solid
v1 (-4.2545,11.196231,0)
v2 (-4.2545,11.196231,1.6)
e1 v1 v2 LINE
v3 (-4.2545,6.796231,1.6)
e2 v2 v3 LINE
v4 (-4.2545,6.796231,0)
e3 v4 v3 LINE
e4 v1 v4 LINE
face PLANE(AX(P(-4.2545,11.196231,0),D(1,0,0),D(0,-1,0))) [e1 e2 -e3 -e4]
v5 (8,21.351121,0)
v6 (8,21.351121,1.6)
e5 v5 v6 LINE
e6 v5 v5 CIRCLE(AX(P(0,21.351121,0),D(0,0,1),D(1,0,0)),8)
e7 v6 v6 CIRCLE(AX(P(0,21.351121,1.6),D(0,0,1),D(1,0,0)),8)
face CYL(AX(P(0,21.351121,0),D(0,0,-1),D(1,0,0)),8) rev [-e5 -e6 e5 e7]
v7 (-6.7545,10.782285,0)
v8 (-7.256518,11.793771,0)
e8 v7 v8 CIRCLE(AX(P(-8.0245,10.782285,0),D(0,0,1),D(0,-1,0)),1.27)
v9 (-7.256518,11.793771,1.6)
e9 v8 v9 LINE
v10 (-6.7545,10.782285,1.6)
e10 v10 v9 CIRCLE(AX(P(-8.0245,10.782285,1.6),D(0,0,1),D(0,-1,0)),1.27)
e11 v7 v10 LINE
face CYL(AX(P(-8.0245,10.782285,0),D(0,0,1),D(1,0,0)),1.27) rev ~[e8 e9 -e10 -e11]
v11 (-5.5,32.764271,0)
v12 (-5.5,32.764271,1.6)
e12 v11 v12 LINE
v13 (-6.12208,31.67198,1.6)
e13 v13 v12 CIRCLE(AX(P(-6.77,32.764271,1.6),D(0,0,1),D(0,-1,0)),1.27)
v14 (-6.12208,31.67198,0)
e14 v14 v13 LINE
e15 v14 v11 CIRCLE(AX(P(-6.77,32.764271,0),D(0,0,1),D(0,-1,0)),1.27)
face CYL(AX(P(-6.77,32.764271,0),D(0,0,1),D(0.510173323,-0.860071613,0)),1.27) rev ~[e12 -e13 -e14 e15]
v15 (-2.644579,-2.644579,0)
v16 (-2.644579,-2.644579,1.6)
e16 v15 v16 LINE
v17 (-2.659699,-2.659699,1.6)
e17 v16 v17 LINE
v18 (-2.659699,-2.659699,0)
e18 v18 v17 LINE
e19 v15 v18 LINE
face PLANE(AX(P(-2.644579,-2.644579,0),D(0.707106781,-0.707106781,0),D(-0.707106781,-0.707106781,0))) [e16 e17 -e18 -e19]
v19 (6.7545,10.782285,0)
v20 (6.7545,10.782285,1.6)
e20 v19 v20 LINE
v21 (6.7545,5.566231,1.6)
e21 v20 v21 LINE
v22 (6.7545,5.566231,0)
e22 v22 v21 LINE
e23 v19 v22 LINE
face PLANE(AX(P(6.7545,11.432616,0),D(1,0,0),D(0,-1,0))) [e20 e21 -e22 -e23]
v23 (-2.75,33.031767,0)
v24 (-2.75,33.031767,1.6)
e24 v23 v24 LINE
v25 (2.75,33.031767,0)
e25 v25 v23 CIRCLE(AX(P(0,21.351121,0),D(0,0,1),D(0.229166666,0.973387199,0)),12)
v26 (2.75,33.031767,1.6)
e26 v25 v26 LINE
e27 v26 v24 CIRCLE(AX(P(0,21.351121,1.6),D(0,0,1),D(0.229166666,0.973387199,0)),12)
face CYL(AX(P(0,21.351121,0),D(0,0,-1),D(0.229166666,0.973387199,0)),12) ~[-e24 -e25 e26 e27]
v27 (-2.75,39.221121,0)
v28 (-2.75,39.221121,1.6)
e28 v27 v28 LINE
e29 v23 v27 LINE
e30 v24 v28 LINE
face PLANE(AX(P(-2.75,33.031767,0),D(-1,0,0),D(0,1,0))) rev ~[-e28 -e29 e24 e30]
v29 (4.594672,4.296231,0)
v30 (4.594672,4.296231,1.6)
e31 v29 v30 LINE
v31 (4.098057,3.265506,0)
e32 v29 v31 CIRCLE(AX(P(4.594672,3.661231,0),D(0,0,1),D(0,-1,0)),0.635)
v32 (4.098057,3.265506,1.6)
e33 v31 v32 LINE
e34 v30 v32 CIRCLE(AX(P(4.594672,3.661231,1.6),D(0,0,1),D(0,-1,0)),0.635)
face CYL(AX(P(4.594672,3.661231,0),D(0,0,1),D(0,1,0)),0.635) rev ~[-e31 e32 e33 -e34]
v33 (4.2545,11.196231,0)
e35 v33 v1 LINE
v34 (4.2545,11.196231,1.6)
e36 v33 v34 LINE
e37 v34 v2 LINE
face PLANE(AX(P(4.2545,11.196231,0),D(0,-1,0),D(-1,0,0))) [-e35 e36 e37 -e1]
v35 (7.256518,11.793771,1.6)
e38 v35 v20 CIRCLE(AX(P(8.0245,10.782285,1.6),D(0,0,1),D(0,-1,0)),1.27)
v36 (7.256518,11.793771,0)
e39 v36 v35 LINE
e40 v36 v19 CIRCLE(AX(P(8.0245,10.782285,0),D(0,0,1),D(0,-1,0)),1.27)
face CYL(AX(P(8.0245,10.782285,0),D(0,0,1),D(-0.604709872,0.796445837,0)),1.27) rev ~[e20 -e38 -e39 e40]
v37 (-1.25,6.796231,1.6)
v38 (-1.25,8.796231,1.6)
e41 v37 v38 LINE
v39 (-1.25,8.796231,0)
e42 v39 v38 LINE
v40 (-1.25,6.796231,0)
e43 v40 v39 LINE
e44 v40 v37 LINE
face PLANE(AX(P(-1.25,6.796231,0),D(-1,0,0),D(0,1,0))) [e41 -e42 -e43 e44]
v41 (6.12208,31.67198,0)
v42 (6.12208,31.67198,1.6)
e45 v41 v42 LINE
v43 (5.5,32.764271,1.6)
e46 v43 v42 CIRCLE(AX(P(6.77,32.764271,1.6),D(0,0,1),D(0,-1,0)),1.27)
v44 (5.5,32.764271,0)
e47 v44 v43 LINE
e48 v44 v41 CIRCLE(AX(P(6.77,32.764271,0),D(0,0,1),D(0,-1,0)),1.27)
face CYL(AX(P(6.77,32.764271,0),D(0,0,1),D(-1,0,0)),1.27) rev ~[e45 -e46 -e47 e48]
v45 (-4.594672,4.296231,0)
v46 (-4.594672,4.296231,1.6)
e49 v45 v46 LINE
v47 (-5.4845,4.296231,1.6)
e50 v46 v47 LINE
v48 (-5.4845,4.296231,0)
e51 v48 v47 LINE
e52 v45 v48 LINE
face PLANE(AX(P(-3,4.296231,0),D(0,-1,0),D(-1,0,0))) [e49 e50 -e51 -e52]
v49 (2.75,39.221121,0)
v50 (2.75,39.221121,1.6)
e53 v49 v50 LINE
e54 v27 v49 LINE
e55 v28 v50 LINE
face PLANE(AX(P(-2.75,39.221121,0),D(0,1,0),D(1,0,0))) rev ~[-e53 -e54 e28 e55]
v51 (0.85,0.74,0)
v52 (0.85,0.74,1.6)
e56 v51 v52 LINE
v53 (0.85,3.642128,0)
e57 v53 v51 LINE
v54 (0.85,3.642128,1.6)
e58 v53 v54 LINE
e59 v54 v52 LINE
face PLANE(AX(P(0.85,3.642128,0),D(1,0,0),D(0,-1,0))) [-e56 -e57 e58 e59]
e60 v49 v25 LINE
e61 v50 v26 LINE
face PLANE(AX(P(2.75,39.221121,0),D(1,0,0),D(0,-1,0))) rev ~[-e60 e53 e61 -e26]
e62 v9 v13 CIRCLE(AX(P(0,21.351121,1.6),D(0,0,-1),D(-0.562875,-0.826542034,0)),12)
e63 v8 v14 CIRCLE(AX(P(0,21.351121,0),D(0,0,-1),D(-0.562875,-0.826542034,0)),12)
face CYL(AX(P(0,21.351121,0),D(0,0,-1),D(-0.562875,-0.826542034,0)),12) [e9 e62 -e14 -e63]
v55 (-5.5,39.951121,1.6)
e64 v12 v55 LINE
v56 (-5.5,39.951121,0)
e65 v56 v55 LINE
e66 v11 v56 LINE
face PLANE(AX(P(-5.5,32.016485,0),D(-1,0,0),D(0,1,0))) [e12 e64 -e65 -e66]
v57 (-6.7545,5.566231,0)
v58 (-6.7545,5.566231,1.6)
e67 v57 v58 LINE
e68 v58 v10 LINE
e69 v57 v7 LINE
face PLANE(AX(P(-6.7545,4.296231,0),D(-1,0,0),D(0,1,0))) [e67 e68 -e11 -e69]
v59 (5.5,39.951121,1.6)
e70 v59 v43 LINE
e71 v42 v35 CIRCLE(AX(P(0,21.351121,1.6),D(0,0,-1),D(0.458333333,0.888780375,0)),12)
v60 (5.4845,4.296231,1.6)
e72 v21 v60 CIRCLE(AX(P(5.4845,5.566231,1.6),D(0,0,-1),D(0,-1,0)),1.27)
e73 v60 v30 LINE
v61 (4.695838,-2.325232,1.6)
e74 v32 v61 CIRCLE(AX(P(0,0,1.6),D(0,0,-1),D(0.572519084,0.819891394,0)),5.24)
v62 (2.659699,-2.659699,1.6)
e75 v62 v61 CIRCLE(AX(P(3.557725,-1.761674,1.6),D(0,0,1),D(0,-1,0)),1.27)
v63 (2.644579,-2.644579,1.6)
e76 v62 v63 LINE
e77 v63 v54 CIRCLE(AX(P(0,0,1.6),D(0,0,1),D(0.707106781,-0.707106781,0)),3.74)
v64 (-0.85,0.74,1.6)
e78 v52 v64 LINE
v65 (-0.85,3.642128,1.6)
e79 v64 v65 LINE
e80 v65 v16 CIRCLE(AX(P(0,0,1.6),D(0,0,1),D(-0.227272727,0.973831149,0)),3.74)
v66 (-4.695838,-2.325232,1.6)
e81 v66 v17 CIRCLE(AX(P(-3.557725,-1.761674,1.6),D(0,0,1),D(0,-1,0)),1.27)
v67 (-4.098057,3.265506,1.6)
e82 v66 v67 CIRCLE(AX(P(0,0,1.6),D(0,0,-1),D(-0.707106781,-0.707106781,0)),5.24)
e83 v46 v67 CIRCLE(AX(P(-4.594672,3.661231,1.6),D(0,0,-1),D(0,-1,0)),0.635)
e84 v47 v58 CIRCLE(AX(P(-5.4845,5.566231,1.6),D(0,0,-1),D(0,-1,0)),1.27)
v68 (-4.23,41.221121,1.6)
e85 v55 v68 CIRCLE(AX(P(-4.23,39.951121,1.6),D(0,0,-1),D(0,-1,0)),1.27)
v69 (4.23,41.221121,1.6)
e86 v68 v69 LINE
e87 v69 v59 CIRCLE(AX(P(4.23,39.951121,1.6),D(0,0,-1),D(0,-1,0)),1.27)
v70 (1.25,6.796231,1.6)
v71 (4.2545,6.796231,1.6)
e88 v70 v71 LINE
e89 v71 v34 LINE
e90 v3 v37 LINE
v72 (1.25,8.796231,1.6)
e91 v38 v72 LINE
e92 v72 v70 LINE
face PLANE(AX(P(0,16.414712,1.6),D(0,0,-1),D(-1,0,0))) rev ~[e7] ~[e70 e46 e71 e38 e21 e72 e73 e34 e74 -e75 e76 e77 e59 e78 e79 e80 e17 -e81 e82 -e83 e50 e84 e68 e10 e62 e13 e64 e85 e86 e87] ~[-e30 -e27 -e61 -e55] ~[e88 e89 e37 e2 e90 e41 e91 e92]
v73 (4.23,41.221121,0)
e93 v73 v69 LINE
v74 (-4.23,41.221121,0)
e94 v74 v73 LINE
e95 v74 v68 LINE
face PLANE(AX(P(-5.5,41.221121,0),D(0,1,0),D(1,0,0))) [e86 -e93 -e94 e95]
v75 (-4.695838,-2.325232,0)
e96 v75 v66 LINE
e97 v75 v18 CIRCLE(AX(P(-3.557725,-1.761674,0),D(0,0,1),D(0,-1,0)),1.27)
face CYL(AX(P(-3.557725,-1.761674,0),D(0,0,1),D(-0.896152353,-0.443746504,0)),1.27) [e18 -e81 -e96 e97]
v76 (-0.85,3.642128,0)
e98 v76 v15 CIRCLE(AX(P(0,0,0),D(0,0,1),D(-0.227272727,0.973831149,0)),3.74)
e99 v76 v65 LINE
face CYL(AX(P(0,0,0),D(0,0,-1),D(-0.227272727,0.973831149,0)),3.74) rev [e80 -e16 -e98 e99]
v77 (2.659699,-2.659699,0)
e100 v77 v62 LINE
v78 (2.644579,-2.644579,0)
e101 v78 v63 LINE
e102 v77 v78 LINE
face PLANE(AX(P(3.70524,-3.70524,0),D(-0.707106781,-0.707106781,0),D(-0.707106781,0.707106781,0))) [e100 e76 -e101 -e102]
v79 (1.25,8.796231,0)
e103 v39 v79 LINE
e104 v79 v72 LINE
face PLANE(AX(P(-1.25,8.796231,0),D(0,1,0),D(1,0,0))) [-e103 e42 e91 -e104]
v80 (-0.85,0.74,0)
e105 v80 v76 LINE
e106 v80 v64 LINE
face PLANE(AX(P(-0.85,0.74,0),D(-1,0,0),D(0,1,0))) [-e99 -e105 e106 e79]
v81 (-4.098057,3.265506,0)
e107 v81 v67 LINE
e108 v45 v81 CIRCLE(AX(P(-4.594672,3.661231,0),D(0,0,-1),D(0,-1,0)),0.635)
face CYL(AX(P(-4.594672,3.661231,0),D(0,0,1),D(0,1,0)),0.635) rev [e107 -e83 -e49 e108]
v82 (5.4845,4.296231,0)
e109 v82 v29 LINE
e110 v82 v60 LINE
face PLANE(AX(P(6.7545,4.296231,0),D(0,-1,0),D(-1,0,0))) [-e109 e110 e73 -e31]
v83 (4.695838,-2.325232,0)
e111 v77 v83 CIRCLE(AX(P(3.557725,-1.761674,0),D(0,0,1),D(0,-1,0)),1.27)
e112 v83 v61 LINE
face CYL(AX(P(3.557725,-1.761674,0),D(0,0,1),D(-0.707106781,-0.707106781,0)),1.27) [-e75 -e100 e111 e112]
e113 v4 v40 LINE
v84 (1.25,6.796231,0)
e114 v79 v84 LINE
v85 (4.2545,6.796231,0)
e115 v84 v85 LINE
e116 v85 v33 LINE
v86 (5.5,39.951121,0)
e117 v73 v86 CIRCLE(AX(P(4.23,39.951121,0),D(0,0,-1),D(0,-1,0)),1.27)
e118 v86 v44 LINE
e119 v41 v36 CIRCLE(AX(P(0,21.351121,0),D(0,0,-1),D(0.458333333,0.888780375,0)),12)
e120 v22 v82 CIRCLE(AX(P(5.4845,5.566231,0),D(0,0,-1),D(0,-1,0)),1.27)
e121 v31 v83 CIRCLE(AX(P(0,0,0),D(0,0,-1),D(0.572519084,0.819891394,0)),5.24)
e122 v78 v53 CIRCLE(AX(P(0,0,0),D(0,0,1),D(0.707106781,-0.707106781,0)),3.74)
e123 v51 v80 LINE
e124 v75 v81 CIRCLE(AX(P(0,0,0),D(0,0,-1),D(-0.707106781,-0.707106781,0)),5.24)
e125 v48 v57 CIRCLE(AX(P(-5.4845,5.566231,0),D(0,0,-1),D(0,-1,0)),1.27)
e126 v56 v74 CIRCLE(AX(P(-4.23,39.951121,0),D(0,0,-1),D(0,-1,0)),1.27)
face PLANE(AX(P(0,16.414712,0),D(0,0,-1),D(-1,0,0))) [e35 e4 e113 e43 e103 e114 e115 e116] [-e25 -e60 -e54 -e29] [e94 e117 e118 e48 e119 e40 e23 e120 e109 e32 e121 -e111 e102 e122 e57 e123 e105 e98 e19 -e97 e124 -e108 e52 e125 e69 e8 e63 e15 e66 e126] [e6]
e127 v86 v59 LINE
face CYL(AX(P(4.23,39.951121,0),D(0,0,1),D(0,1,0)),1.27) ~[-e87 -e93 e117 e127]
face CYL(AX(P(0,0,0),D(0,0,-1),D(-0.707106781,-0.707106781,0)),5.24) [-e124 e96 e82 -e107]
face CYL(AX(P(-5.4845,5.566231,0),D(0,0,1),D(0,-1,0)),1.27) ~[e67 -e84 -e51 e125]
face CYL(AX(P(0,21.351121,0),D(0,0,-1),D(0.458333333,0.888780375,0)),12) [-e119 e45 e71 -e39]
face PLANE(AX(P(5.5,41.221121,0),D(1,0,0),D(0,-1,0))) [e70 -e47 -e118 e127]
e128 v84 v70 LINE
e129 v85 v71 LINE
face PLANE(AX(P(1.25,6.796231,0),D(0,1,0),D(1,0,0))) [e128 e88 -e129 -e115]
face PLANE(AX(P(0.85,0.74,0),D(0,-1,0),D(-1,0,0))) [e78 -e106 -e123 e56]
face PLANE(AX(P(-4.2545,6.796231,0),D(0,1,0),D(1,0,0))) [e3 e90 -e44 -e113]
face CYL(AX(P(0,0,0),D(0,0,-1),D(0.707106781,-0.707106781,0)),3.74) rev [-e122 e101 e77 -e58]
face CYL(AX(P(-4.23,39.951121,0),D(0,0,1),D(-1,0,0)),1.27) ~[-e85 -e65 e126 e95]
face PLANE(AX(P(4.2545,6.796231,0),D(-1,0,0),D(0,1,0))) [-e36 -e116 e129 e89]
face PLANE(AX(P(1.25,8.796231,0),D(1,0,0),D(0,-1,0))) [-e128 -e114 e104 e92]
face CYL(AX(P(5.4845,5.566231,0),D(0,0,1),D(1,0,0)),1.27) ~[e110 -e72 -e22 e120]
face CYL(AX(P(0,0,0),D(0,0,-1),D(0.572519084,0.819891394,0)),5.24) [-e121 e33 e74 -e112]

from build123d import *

# Parameters (mm, degrees)
SKETCH2_R           = 8
BOSS_EXTRUDE1_DEPTH = 1.6
FILLET1_R           = 0.635
FILLET2_R           = 1.27


with BuildPart() as part:
    # Sketch2 → Boss-Extrude1 (new body)
    with BuildSketch(Plane.XY):
        with BuildLine():
            Line((-5.5, 32.016485365), (-5.5, 41.221120861))
            Line((-5.5, 41.221120861), (5.5, 41.221120861))
            Line((5.5, 41.221120861), (5.5, 32.016485365))
            ThreePointArc((5.5, 32.016485365), (11.977775563, 22.081115767), (6.7545, 11.43261645))
            Line((6.7545, 11.43261645), (6.7545, 4.296230906))
            Line((6.7545, 4.296230906), (3, 4.296230906))
            ThreePointArc((3, 4.296230906), (5.219764516, 0.460063475), (3.705239533, -3.705239533))
            Line((3.705239533, -3.705239533), (2.644579362, -2.644579362))
            ThreePointArc((2.644579362, -2.644579362), (3.596344694, 1.026598676), (0.85, 3.642128499))
            Line((0.85, 3.642128499), (0.85, 0.74))
            Line((0.85, 0.74), (-0.85, 0.74))
            Line((-0.85, 0.74), (-0.85, 3.642128499))
            ThreePointArc((-0.85, 3.642128499), (-3.596344694, 1.026598676), (-2.644579362, -2.644579362))
            Line((-2.644579362, -2.644579362), (-3.705239533, -3.705239533))
            ThreePointArc((-3.705239533, -3.705239533), (-5.219764516, 0.460063475), (-3, 4.296230906))
            Line((-3, 4.296230906), (-6.7545, 4.296230906))
            Line((-6.7545, 4.296230906), (-6.7545, 11.43261645))
            ThreePointArc((-6.7545, 11.43261645), (-11.977775563, 22.081115767), (-5.5, 32.016485365))
        make_face()
        with Locations((0, 21.351120861)):
            Circle(SKETCH2_R, mode=Mode.SUBTRACT)
        with BuildLine():
            Line((-2.75, 39.221120861), (2.75, 39.221120861))
            Line((2.75, 39.221120861), (2.75, 33.031767248))
            ThreePointArc((2.75, 33.031767248), (0, 33.351120861), (-2.75, 33.031767248))
            Line((-2.75, 33.031767248), (-2.75, 39.221120861))
        make_face(mode=Mode.SUBTRACT)
        Polygon((-1.25, 6.796230906), (-1.25, 8.796230906), (1.25, 8.796230906), (1.25, 6.796230906), (4.2545, 6.796230906), (4.2545, 11.196230906), (-4.2545, 11.196230906), (-4.2545, 6.796230906), align=None, mode=Mode.SUBTRACT)
    extrude(amount=BOSS_EXTRUDE1_DEPTH)

    # Fillet1
    fillet1_edges = [part.edges().sort_by_distance(p)[0] for p in [
        (-3, 4.296230906, 0.8),
        (3, 4.296230906, 0.8),
    ]]
    fillet(fillet1_edges, radius=FILLET1_R)

    # Fillet2
    fillet2_edges = [part.edges().sort_by_distance(p)[0] for p in [
        (-6.7545, 4.296230906, 0.8),
        (-6.7545, 11.43261645, 0.8),
        (-5.5, 32.016485365, 0.8),
        (-5.5, 41.221120861, 0.8),
        (5.5, 41.221120861, 0.8),
        (5.5, 32.016485365, 0.8),
        (6.7545, 11.43261645, 0.8),
        (6.7545, 4.296230906, 0.8),
        (3.705239533, -3.705239533, 0.8),
        (-3.705239533, -3.705239533, 0.8),
    ]]
    fillet(fillet2_edges, radius=FILLET2_R)


solid = part.part
